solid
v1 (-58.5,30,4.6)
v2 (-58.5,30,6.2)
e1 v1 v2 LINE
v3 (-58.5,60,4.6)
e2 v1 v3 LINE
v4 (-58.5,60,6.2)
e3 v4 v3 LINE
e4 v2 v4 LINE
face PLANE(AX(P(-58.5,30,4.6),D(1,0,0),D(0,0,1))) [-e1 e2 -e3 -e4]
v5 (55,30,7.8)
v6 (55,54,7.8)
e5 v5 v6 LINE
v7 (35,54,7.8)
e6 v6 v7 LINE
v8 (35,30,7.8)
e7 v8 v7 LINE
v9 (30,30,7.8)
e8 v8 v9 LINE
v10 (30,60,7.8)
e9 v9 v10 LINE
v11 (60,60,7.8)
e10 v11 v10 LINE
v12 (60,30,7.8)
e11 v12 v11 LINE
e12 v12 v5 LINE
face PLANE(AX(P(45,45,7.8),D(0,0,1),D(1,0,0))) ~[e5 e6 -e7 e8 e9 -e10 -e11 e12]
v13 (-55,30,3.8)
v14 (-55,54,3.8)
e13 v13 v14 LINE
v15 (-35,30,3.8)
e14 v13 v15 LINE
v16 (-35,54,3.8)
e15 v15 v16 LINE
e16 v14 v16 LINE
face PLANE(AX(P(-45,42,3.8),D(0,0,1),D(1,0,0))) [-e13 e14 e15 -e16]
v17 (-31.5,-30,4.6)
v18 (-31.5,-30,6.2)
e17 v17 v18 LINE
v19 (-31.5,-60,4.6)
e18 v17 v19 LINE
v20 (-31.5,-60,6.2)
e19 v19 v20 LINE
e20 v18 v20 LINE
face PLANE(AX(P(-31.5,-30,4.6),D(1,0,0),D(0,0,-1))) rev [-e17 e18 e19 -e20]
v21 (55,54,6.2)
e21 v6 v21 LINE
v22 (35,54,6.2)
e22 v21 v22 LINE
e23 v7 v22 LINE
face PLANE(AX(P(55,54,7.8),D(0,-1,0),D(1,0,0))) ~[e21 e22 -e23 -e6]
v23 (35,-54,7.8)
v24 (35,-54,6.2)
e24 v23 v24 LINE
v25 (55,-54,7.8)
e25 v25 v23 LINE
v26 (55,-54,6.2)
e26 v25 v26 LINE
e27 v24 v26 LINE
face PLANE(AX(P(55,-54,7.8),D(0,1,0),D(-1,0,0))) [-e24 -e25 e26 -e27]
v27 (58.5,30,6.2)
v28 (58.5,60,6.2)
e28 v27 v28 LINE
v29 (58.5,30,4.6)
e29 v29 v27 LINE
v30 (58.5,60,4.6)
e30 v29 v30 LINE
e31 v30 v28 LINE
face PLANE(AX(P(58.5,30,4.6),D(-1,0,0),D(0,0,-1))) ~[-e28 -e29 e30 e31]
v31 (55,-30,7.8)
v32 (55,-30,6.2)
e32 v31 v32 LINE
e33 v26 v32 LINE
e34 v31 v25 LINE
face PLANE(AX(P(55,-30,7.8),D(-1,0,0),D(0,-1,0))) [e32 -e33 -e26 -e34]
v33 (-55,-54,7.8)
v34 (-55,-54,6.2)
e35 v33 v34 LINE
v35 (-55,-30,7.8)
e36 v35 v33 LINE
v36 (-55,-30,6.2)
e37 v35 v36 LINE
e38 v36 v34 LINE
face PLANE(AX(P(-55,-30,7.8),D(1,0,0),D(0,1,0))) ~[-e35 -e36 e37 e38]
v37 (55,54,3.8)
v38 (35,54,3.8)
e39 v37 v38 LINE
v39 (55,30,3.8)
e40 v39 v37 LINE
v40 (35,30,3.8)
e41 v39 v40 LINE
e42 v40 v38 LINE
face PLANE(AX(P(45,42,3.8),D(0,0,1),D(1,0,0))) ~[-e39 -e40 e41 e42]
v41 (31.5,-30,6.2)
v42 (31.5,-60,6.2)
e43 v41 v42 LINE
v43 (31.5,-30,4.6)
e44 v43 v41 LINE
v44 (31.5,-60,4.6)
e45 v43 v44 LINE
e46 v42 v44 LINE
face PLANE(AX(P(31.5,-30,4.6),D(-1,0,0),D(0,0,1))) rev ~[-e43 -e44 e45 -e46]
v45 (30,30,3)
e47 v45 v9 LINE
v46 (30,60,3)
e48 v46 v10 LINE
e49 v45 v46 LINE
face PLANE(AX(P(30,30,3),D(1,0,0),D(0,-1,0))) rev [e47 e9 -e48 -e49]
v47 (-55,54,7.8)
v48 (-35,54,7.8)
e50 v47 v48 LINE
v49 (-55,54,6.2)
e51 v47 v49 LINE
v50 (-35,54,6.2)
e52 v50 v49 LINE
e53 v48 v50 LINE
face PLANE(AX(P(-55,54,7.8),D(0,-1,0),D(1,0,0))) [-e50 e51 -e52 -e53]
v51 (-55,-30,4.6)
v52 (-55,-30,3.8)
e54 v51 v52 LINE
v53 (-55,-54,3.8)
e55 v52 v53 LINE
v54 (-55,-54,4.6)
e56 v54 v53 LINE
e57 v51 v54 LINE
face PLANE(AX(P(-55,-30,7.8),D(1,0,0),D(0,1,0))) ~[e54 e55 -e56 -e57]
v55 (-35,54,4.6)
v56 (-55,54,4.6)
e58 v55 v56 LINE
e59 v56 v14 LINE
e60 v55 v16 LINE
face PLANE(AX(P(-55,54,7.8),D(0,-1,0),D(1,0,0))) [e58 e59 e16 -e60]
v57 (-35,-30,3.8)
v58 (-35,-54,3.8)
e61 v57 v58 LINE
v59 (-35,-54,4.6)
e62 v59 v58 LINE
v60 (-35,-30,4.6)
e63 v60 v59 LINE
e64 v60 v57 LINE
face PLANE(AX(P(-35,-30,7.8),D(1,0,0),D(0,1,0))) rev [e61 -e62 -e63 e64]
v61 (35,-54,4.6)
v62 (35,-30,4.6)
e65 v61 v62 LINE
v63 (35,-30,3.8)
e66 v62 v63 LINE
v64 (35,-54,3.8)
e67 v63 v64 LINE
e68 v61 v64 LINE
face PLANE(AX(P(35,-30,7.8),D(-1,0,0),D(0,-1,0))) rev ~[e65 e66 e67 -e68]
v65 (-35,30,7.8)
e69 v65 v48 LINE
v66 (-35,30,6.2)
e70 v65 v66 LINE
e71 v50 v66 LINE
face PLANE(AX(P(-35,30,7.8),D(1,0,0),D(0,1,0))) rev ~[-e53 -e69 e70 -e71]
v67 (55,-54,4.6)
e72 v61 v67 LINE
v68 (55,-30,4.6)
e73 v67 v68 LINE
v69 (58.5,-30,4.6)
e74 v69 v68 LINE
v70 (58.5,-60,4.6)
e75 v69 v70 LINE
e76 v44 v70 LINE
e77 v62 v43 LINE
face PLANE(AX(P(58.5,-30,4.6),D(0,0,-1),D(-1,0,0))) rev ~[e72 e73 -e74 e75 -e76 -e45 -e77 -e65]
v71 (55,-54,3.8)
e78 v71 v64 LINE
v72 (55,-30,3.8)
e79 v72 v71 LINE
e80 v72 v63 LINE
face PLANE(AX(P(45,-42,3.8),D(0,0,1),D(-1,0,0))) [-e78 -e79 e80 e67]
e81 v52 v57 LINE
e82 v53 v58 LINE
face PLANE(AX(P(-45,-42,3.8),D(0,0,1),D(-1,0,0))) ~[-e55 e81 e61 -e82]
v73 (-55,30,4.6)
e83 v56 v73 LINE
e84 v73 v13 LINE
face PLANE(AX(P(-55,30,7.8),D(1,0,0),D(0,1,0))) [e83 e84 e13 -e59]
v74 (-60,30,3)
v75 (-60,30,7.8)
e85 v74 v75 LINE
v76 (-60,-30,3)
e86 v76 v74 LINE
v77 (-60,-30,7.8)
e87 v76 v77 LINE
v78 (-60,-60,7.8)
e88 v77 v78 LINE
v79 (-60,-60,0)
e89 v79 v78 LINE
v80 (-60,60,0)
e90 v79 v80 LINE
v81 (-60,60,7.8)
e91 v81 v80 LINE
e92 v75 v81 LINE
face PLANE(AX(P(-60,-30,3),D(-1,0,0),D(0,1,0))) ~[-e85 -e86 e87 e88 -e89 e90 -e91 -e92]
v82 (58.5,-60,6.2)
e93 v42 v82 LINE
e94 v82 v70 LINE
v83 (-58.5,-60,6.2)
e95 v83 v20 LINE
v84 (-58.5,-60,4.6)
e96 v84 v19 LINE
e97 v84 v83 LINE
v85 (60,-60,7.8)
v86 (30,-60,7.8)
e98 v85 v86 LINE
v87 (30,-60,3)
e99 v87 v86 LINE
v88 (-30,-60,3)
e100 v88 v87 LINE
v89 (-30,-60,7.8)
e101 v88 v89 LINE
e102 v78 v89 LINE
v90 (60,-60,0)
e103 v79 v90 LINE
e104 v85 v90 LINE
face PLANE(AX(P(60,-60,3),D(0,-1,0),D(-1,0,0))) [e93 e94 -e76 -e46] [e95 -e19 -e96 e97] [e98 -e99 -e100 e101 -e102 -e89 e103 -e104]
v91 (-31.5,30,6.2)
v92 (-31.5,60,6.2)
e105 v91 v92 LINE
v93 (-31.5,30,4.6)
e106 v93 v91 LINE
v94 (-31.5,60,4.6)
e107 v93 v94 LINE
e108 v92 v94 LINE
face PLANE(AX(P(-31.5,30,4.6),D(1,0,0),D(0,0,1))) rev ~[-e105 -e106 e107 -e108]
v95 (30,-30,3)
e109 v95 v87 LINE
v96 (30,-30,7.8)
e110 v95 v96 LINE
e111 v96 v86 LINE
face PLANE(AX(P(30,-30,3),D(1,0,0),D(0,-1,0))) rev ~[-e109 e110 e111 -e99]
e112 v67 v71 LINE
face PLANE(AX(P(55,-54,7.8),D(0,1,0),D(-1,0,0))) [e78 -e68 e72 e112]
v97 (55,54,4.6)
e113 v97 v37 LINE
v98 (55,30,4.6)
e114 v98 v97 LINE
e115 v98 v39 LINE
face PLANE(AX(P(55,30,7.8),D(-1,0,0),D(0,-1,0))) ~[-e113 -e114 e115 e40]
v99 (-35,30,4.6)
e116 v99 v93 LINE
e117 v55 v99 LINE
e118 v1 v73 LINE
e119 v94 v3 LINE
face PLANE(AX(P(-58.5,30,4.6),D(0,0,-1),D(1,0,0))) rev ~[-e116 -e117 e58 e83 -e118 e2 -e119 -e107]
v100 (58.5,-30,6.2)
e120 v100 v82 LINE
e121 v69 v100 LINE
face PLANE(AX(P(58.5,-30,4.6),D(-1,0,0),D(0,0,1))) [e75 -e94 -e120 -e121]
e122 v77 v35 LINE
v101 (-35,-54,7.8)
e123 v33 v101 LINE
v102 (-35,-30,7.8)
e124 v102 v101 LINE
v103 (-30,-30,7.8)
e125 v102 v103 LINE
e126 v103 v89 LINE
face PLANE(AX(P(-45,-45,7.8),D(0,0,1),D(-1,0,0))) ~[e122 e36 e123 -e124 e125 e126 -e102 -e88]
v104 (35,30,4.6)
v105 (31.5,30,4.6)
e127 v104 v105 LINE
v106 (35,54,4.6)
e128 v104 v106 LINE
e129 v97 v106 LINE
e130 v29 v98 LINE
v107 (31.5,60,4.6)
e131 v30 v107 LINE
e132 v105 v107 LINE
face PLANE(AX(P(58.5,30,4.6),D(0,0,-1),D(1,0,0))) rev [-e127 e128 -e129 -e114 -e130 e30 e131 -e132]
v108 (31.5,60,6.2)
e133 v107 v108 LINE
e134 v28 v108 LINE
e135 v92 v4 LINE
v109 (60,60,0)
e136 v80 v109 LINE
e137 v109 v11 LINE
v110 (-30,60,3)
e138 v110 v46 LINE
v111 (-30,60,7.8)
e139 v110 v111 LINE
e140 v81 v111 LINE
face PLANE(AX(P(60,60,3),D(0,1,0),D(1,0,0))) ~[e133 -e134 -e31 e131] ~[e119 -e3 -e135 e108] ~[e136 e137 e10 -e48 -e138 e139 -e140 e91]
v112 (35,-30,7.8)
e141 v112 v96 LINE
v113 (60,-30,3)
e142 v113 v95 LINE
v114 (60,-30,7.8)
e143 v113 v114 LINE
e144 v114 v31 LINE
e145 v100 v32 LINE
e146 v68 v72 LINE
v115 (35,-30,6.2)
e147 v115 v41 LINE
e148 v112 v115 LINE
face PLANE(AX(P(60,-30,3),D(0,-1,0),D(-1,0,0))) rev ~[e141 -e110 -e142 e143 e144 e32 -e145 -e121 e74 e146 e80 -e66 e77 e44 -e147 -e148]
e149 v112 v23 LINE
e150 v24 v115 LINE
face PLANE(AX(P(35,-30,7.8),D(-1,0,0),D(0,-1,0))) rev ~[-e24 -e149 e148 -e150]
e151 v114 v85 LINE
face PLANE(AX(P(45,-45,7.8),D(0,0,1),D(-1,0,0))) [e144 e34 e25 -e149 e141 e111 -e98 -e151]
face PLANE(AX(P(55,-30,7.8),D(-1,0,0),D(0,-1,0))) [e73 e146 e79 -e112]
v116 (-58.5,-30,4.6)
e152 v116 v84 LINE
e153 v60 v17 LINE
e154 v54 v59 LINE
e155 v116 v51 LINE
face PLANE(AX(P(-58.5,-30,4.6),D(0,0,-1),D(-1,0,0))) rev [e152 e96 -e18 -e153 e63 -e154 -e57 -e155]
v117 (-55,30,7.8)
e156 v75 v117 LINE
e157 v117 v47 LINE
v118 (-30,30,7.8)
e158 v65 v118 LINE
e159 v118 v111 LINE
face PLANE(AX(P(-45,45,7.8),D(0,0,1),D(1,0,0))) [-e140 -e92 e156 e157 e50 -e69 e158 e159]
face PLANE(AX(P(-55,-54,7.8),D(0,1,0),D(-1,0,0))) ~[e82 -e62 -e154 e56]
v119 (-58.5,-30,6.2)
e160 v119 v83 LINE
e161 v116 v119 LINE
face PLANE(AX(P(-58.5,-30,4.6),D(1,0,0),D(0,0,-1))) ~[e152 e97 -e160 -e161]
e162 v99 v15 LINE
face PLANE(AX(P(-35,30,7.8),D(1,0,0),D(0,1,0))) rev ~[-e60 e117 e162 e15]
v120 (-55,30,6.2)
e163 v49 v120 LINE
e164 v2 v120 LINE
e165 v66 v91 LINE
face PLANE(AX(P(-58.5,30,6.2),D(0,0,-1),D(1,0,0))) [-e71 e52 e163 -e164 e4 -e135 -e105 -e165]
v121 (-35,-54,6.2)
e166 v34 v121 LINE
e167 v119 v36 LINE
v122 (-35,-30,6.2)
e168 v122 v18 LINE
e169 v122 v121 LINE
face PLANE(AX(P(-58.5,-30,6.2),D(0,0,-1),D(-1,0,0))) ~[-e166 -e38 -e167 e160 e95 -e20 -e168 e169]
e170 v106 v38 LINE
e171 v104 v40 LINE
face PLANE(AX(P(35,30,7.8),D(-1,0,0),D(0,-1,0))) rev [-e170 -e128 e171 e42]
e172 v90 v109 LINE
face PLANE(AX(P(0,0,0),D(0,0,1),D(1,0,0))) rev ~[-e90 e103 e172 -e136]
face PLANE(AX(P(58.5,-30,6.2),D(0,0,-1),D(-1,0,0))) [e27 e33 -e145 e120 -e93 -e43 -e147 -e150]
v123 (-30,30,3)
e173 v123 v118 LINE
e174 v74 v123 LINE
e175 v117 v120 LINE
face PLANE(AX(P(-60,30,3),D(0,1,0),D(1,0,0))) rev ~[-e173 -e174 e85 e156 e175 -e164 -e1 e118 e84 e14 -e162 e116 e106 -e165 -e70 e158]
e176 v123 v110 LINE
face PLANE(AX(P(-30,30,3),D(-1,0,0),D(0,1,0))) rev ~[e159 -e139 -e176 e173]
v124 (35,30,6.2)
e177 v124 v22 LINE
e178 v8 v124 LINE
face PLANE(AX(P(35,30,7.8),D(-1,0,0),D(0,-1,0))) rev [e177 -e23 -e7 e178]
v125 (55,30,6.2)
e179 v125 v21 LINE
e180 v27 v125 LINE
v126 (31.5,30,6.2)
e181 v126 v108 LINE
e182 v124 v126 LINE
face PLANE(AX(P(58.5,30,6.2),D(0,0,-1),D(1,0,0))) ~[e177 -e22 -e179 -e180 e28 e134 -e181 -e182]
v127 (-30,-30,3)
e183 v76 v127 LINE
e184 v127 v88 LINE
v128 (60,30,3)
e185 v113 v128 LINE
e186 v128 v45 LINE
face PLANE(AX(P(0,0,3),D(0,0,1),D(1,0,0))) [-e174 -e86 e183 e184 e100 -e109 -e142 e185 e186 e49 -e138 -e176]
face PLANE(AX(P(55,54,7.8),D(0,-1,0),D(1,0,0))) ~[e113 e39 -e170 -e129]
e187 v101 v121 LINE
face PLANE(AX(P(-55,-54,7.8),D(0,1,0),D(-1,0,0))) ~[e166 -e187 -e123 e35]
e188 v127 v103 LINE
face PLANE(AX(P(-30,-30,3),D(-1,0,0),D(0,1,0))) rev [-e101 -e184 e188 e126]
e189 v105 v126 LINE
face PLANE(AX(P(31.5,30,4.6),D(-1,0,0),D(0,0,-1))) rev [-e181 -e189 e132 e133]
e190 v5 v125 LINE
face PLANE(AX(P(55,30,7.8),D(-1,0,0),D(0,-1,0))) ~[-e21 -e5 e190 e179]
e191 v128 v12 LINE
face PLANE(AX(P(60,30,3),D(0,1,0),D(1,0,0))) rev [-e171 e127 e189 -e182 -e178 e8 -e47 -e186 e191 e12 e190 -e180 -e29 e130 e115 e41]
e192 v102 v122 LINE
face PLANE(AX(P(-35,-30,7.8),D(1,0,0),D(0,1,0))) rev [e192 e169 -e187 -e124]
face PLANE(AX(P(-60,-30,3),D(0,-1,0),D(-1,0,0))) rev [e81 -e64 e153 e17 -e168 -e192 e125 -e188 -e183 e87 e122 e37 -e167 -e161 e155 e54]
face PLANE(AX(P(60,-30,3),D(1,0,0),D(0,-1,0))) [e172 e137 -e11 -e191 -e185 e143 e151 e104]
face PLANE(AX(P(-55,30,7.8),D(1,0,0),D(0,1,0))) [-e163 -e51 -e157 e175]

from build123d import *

# Parameters (mm, degrees)
SKETCH_W           = 120
SKETCH_H           = 120
PAD_DEPTH          = 3
SKETCH001_W        = 30
SKETCH001_H        = 30
PAD001_DEPTH       = 4.8
SKETCH002_W        = 27
SKETCH002_H        = 1.6
POCKET_DEPTH       = 369.770569
SKETCH003_W        = 20
SKETCH003_H        = 24
POCKET001_DEPTH    = 4
POLARPATTERN_COUNT = 2


with BuildPart() as part:
    # Sketch → Pad (new body)
    with BuildSketch(Plane.XY):
        Rectangle(SKETCH_W, SKETCH_H)
    extrude(amount=PAD_DEPTH)

    # Sketch001 (on Face6 of Pad) → Pad001 (join)
    with BuildSketch(Plane.XY.offset(3)):
        with Locations((-45, 45)):
            Rectangle(SKETCH001_W, SKETCH001_H)
    pad001 = extrude(amount=PAD001_DEPTH)

    # Sketch002 (on Face7 of Pad001) → Pocket (cut, through all)
    with BuildSketch(Plane.XZ.offset(-30)):
        with Locations((-45, 5.4)):
            Rectangle(SKETCH002_W, SKETCH002_H)
    pocket = extrude(amount=-POCKET_DEPTH, mode=Mode.SUBTRACT)

    # Sketch003 (on Face7 of Pocket) → Pocket001 (cut)
    with BuildSketch(Plane.XY.offset(7.8)):
        with Locations((-45, 42)):
            Rectangle(SKETCH003_W, SKETCH003_H)
    pocket001 = extrude(amount=-POCKET001_DEPTH, mode=Mode.SUBTRACT)

    # Mirrored: Pad001, Pocket, Pocket001 across Sketch001 V_Axis
    add(pad001.mirror(Plane(origin=(0, 0, 3), x_dir=(0, 0, 1), z_dir=(1, 0, 0))))
    add(pocket.mirror(Plane(origin=(0, 0, 3), x_dir=(0, 0, 1), z_dir=(1, 0, 0))), mode=Mode.SUBTRACT)
    add(pocket001.mirror(Plane(origin=(0, 0, 3), x_dir=(0, 0, 1), z_dir=(1, 0, 0))), mode=Mode.SUBTRACT)

    # Mirrored001: Pad001, Pocket, Pocket001 across Sketch001 H_Axis
    add(pad001.mirror(Plane(origin=(0, 0, 3), x_dir=(0, 0, 1), z_dir=(0, 1, 0))))
    add(pocket.mirror(Plane(origin=(0, 0, 3), x_dir=(0, 0, 1), z_dir=(0, 1, 0))), mode=Mode.SUBTRACT)
    add(pocket001.mirror(Plane(origin=(0, 0, 3), x_dir=(0, 0, 1), z_dir=(0, 1, 0))), mode=Mode.SUBTRACT)

    # PolarPattern: Pad001, Pocket, Pocket001 ×2 about axis
    polarpattern_axis = Axis((0, 0, 3), (0, 0, 1))
    for i in range(1, POLARPATTERN_COUNT):
        add(pad001.rotate(polarpattern_axis, i * 360 / POLARPATTERN_COUNT))
        add(pocket.rotate(polarpattern_axis, i * 360 / POLARPATTERN_COUNT), mode=Mode.SUBTRACT)
        add(pocket001.rotate(polarpattern_axis, i * 360 / POLARPATTERN_COUNT), mode=Mode.SUBTRACT)


solid = part.part
